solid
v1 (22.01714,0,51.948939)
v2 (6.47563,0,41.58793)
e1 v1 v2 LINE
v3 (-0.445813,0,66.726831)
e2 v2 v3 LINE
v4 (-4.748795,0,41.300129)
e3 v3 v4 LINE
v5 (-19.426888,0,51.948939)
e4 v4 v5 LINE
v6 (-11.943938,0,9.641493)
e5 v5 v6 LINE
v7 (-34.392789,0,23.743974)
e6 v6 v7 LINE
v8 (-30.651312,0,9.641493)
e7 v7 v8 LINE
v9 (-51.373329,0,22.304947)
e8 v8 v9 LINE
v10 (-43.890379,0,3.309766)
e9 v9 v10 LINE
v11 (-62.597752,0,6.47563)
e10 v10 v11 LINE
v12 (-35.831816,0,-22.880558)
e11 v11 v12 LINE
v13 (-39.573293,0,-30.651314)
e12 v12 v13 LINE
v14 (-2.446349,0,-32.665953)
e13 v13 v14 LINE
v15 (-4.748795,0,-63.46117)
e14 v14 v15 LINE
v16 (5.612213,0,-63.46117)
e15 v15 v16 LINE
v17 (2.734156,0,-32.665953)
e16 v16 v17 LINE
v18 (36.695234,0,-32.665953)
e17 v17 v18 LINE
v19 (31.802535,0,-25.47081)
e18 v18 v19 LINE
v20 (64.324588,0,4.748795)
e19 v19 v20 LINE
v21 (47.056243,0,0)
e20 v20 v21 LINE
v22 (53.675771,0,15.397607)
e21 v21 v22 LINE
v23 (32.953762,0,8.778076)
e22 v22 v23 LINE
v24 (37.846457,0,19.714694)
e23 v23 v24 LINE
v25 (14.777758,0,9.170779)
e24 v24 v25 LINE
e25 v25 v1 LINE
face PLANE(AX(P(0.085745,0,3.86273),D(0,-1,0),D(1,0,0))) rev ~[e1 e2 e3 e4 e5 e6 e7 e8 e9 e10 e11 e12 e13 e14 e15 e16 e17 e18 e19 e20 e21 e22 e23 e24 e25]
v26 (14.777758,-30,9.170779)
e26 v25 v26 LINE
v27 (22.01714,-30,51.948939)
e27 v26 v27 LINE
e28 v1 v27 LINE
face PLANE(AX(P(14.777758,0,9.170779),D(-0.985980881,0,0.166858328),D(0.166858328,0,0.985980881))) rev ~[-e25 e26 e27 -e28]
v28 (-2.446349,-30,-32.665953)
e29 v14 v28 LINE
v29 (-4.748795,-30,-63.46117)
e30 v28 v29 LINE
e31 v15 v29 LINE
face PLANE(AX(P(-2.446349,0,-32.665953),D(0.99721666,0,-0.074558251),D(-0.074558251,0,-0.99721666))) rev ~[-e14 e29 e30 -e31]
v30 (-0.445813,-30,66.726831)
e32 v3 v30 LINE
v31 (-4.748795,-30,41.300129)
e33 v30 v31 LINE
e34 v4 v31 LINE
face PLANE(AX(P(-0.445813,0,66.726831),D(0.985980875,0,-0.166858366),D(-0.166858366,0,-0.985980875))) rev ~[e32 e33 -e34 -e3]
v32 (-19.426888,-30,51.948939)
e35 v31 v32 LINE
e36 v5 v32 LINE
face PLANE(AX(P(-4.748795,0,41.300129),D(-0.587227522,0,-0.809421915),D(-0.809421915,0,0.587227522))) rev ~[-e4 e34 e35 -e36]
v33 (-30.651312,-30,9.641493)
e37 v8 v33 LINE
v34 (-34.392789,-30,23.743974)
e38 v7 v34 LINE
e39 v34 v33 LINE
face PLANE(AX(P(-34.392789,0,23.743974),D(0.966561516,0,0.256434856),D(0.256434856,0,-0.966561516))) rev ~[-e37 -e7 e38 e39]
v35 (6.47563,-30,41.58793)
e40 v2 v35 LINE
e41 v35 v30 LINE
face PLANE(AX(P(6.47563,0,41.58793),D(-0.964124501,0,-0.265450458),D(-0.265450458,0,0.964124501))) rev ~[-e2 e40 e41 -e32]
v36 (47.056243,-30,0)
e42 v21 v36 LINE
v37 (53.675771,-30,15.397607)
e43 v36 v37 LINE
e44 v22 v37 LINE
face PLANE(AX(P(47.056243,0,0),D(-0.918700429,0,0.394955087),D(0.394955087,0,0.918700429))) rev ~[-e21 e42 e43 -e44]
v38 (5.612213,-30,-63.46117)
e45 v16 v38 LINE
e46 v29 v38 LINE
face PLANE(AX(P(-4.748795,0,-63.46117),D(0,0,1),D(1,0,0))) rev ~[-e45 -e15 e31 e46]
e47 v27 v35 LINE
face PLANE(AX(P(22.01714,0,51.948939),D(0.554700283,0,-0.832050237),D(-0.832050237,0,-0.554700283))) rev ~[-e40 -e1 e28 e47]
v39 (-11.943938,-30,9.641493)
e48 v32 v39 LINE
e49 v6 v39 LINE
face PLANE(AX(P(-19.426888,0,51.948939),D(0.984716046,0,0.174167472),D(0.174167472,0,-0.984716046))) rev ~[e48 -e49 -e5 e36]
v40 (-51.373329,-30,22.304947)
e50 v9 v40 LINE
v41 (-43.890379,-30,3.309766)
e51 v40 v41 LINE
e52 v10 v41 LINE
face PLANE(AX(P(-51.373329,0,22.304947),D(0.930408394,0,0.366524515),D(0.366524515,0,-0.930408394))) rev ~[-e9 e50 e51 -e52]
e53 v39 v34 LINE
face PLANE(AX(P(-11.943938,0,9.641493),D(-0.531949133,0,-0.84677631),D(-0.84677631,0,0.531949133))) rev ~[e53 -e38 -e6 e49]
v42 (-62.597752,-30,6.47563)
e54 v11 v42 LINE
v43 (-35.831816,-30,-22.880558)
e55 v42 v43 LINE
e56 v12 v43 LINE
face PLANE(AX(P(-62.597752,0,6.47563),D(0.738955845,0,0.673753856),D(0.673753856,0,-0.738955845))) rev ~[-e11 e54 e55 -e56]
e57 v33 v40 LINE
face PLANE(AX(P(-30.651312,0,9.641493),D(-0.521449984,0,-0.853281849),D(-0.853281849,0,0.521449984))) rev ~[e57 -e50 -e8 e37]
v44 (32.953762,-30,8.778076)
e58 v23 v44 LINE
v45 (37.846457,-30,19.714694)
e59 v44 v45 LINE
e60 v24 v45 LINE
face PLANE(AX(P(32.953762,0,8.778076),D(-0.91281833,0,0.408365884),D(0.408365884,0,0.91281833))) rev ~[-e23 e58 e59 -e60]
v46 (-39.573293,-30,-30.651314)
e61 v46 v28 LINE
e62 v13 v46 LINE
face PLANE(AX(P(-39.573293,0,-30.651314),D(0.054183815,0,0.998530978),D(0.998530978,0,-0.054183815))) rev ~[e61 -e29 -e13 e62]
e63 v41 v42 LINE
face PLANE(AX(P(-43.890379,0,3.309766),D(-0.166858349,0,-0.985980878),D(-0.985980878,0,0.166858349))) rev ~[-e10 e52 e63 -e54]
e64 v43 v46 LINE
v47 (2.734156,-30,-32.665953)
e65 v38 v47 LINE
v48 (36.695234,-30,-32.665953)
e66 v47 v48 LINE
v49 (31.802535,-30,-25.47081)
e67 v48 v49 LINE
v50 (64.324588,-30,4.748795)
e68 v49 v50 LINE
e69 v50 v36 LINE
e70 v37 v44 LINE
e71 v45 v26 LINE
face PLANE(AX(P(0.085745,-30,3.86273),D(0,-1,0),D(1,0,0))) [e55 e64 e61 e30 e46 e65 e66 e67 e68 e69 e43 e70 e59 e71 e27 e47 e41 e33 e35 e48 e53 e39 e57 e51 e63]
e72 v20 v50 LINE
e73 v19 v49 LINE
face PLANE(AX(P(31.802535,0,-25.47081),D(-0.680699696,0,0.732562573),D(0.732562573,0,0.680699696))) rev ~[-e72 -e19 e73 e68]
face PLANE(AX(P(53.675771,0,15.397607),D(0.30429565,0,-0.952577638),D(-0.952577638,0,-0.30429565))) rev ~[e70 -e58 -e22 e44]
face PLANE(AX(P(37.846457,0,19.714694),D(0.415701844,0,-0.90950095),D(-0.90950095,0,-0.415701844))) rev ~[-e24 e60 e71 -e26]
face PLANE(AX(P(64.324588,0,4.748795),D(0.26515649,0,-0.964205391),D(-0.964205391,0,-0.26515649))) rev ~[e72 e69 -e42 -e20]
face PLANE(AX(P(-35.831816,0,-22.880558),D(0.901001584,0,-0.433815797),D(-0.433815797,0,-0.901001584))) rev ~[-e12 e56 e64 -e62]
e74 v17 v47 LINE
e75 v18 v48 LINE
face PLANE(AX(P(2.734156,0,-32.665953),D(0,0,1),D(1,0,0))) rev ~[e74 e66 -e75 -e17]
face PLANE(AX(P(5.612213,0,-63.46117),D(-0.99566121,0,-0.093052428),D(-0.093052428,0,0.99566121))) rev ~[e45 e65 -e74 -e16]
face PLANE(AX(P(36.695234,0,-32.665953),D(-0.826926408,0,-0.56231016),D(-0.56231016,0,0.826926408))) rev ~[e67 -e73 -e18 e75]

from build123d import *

# Parameters (mm, degrees)
F1_DEPTH = 30


with BuildPart() as f1:
    # F0 (on Front) → F1 (new body)
    with BuildSketch(Plane.XZ):
        Polygon((-35.831816, -22.880558), (-39.573293, -30.651314), (-2.446349, -32.665953), (-4.748795, -63.46117), (5.612213, -63.46117), (2.734156, -32.665953), (36.695234, -32.665953), (31.802535, -25.47081), (64.324588, 4.748795), (47.056243, 0), (53.675771, 15.397607), (32.953762, 8.778076), (37.846457, 19.714694), (14.777758, 9.170779), (22.01714, 51.948939), (6.47563, 41.58793), (-0.445813, 66.726831), (-4.748795, 41.300129), (-19.426888, 51.948939), (-11.943938, 9.641493), (-34.392789, 23.743974), (-30.651312, 9.641493), (-51.373329, 22.304947), (-43.890379, 3.309766), (-62.597752, 6.47563), align=None)
    extrude(amount=F1_DEPTH)


solid = f1.part
